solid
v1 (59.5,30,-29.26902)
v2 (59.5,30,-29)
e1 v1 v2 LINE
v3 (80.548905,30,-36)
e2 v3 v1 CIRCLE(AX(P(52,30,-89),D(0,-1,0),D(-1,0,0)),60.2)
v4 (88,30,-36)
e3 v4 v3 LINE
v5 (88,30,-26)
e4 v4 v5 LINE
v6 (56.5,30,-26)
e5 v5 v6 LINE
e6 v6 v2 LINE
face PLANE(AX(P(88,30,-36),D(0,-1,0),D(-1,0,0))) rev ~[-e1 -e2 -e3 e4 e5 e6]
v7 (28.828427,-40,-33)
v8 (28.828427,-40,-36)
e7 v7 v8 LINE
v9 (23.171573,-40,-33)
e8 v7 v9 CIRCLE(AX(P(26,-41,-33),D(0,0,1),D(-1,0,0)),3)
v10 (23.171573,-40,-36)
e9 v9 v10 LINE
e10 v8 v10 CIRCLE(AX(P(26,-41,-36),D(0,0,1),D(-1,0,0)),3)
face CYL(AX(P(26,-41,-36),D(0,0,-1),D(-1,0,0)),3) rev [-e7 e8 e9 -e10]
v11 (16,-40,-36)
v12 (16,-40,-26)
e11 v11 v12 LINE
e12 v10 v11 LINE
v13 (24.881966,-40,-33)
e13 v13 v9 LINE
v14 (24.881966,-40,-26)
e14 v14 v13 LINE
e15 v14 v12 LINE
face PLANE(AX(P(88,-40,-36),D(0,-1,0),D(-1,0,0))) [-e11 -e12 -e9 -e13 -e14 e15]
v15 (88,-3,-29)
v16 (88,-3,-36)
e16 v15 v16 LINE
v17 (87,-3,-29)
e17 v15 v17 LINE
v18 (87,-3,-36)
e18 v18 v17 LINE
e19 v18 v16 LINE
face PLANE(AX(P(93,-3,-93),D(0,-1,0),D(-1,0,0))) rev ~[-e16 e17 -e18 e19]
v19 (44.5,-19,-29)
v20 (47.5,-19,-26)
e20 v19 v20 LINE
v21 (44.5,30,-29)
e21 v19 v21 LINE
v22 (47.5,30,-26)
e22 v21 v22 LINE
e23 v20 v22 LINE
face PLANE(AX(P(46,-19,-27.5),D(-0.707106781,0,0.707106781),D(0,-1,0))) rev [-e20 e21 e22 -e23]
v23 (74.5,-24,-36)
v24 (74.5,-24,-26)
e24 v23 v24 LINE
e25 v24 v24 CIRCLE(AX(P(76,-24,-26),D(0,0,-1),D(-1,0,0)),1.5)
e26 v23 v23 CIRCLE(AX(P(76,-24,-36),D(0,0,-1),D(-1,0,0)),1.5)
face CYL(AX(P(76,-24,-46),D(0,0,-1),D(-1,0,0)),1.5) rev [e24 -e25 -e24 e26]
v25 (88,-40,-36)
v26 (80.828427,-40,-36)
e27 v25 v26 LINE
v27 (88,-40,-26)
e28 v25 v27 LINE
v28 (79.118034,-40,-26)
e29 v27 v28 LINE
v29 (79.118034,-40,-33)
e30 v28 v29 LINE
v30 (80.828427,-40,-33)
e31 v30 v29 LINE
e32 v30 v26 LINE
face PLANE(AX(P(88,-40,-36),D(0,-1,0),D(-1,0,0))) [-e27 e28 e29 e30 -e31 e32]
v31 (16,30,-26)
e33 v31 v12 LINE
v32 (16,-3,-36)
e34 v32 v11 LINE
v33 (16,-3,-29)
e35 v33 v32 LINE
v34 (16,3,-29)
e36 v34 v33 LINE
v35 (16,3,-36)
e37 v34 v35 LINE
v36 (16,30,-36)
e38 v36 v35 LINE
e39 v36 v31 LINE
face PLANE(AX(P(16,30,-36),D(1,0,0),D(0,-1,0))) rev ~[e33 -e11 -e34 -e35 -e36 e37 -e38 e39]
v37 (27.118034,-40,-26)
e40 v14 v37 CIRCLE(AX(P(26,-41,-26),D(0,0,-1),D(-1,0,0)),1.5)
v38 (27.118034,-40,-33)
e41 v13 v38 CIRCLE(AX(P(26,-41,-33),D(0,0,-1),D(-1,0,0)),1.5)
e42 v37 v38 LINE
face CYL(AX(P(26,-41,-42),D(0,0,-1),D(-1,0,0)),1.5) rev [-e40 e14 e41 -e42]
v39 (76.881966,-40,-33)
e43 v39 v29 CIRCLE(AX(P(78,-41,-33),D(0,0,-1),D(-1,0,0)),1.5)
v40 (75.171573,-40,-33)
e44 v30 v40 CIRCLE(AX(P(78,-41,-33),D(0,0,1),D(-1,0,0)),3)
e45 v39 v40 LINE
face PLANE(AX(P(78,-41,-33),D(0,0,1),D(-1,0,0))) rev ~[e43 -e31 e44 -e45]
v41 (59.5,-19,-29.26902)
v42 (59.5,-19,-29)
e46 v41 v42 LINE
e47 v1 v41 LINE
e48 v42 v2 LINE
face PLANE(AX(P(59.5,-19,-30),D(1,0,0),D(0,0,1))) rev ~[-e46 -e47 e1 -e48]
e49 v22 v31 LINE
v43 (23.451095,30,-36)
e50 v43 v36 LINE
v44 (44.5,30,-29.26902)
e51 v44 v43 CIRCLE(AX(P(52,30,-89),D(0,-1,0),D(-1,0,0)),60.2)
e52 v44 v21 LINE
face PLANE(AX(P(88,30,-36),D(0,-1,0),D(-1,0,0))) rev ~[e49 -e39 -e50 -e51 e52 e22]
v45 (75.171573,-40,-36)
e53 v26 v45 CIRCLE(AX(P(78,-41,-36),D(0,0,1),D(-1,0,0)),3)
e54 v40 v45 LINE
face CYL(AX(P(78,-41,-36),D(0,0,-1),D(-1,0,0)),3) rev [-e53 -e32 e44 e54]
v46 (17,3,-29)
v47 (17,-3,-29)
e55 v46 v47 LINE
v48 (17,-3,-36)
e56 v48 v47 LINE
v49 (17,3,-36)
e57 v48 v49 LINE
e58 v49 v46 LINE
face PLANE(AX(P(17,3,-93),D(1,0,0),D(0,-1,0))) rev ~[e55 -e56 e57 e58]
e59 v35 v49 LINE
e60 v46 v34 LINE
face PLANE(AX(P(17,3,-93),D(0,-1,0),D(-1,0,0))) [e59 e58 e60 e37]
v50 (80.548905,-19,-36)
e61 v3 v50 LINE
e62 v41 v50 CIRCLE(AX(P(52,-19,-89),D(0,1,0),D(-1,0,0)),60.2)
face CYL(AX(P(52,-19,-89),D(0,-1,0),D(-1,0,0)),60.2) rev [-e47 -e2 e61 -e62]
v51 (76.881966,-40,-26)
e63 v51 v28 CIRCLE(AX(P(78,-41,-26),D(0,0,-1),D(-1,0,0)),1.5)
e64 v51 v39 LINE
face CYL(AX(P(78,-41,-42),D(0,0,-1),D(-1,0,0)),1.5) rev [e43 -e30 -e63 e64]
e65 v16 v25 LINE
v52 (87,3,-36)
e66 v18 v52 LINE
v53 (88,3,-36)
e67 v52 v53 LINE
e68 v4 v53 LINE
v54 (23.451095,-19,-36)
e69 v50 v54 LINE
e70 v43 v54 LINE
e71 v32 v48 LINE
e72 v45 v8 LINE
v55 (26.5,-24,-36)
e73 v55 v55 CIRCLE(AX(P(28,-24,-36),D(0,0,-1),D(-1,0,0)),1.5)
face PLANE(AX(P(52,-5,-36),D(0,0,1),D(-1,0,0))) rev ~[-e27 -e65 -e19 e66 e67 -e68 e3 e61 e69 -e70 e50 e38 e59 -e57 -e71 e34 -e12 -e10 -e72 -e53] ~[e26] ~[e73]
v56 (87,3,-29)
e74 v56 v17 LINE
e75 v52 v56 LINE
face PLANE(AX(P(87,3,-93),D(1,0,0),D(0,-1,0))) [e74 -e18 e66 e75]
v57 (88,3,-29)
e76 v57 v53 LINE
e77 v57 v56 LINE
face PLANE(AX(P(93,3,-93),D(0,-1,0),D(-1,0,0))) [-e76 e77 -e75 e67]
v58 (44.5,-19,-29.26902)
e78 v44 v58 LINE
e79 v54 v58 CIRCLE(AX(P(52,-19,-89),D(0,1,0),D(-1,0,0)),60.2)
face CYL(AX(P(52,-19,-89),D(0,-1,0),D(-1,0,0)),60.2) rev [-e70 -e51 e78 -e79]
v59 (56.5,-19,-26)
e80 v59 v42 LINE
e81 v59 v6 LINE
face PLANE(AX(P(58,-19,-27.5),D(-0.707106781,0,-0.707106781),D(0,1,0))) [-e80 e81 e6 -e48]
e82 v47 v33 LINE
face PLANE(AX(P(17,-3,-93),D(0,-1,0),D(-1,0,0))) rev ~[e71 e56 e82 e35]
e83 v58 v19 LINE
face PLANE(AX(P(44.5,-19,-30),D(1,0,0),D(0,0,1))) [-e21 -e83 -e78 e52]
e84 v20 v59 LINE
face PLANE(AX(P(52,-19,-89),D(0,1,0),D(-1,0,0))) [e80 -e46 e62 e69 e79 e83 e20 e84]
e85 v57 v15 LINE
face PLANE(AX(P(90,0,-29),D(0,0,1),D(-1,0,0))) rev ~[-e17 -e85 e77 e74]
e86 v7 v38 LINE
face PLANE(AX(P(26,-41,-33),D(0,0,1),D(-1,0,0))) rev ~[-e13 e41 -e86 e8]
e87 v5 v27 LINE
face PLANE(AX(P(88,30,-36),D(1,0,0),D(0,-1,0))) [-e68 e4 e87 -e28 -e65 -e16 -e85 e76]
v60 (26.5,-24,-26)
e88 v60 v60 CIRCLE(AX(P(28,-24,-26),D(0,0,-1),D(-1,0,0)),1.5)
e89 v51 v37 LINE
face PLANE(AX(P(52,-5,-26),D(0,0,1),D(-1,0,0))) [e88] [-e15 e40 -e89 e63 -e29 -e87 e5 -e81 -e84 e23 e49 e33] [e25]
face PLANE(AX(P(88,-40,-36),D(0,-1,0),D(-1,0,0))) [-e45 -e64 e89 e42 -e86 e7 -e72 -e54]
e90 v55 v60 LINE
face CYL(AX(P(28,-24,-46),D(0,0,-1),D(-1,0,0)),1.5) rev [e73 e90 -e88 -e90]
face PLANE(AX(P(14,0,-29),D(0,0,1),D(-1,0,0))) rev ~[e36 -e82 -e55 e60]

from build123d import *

# Parameters (mm, degrees)
BOX587_W                    = 4
BOX587_H                    = 15
BOX587_DEPTH                = 49
CHAMFER054_SIZE             = 3
CHAMFER054_PLACEMENT_ANGLE  = 90
CHAMFER053_SIZE             = 3
CHAMFER053_PLACEMENT_ANGLE  = 135
CHAMFER052_SIZE             = 3
CHAMFER052_PLACEMENT_ANGLE  = 180
CHAMFER051_SIZE             = 3
CHAMFER051_PLACEMENT_ANGLE  = 225
CHAMFER050_SIZE             = 3
CHAMFER050_PLACEMENT_ANGLE  = 90
CHAMFER049_SIZE             = 3
CHAMFER049_PLACEMENT_ANGLE  = 45
CHAMFER056_SIZE             = 3
CHAMFER055_SIZE             = 3
CHAMFER055_PLACEMENT_ANGLE  = 45
COMPOUND992_PLACEMENT_ANGLE = 90
BOX596_W                    = 6
BOX596_H                    = 6
BOX596_DEPTH                = 64
BOX597_W                    = 6
BOX597_H                    = 6
BOX597_DEPTH                = 64
CYLINDER2411_R              = 60.2
CYLINDER2411_DEPTH          = 58
CYLINDER2395_R              = 1.5
CYLINDER2395_DEPTH          = 32
CYLINDER2380_R              = 1.5
CYLINDER2380_DEPTH          = 32
CYLINDER2370_R              = 1.5
CYLINDER2370_DEPTH          = 100
CYLINDER2383_R              = 1.5
CYLINDER2383_DEPTH          = 100
CYLINDER2384_R              = 3
CYLINDER2384_DEPTH          = 3
CYLINDER2387_R              = 3
CYLINDER2387_DEPTH          = 3
CYLINDER2377_R              = 1.5
CYLINDER2377_DEPTH          = 50
CYLINDER2369_R              = 1.5
CYLINDER2369_DEPTH          = 50
CYLINDER2358_R              = 1.5
CYLINDER2358_DEPTH          = 50
CYLINDER2366_R              = 1.5
CYLINDER2366_DEPTH          = 50
CYLINDER2355_R              = 1.5
CYLINDER2355_DEPTH          = 100
CYLINDER2376_R              = 1.5
CYLINDER2376_DEPTH          = 100
CYLINDER2372_R              = 1.5
CYLINDER2372_DEPTH          = 100
CYLINDER2381_R              = 1.5
CYLINDER2381_DEPTH          = 100
BOX591_W                    = 72
BOX591_H                    = 70
BOX591_DEPTH                = 10
CUT583_PLACEMENT_ANGLE      = 180


with BuildPart() as krychle587:
    # Box587 → Box587 (new body)
    with BuildSketch(Plane(origin=(59, -7.5, 20), x_dir=(1, 0, 0), z_dir=(0, 0, 1))):
        with Locations((2, 7.5)):
            Rectangle(BOX587_W, BOX587_H)
    extrude(amount=BOX587_DEPTH)


with BuildPart() as chamfer054:
    # Chamfer054 base: copy of Krychle587
    add(krychle587.part)

    # Chamfer054
    chamfer054_edges = [chamfer054.edges().sort_by_distance(p)[0] for p in [
        (63, -7.5, 44.5),
        (63, 7.5, 44.5),
    ]]
    chamfer(chamfer054_edges, length=CHAMFER054_SIZE)


with BuildPart() as chamfer054_1:
    # Chamfer054 placement: moved
    add(chamfer054.part.rotate(Axis((0, 0, 0), (0, 0, 1)), CHAMFER054_PLACEMENT_ANGLE))


with BuildPart() as chamfer053:
    # Chamfer053 base: copy of Krychle587
    add(krychle587.part)

    # Chamfer053
    chamfer053_edges = [chamfer053.edges().sort_by_distance(p)[0] for p in [
        (63, -7.5, 44.5),
        (63, 7.5, 44.5),
    ]]
    chamfer(chamfer053_edges, length=CHAMFER053_SIZE)


with BuildPart() as chamfer053_1:
    # Chamfer053 placement: moved
    add(chamfer053.part.rotate(Axis((0, 0, 0), (0, 0, 1)), CHAMFER053_PLACEMENT_ANGLE))


with BuildPart() as chamfer052:
    # Chamfer052 base: copy of Krychle587
    add(krychle587.part)

    # Chamfer052
    chamfer052_edges = [chamfer052.edges().sort_by_distance(p)[0] for p in [
        (63, -7.5, 44.5),
        (63, 7.5, 44.5),
    ]]
    chamfer(chamfer052_edges, length=CHAMFER052_SIZE)


with BuildPart() as chamfer052_1:
    # Chamfer052 placement: moved
    add(chamfer052.part.rotate(Axis((0, 0, 0), (0, 0, 1)), CHAMFER052_PLACEMENT_ANGLE))


with BuildPart() as chamfer051:
    # Chamfer051 base: copy of Krychle587
    add(krychle587.part)

    # Chamfer051
    chamfer051_edges = [chamfer051.edges().sort_by_distance(p)[0] for p in [
        (63, -7.5, 44.5),
        (63, 7.5, 44.5),
    ]]
    chamfer(chamfer051_edges, length=CHAMFER051_SIZE)


with BuildPart() as chamfer051_1:
    # Chamfer051 placement: moved
    add(chamfer051.part.rotate(Axis((0, 0, 0), (0, 0, 1)), CHAMFER051_PLACEMENT_ANGLE))


with BuildPart() as chamfer050:
    # Chamfer050 base: copy of Krychle587
    add(krychle587.part)

    # Chamfer050
    chamfer050_edges = [chamfer050.edges().sort_by_distance(p)[0] for p in [
        (63, -7.5, 44.5),
        (63, 7.5, 44.5),
    ]]
    chamfer(chamfer050_edges, length=CHAMFER050_SIZE)


with BuildPart() as chamfer050_1:
    # Chamfer050 placement: moved
    add(chamfer050.part.rotate(Axis((0, 0, 0), (0, 0, -1)), CHAMFER050_PLACEMENT_ANGLE))


with BuildPart() as chamfer049:
    # Chamfer049 base: copy of Krychle587
    add(krychle587.part)

    # Chamfer049
    chamfer049_edges = [chamfer049.edges().sort_by_distance(p)[0] for p in [
        (63, -7.5, 44.5),
        (63, 7.5, 44.5),
    ]]
    chamfer(chamfer049_edges, length=CHAMFER049_SIZE)


with BuildPart() as chamfer049_1:
    # Chamfer049 placement: moved
    add(chamfer049.part.rotate(Axis((0, 0, 0), (0, 0, -1)), CHAMFER049_PLACEMENT_ANGLE))


with BuildPart() as chamfer056:
    # Chamfer056 base: copy of Krychle587
    add(krychle587.part)

    # Chamfer056
    chamfer056_edges = [chamfer056.edges().sort_by_distance(p)[0] for p in [
        (63, -7.5, 44.5),
        (63, 7.5, 44.5),
    ]]
    chamfer(chamfer056_edges, length=CHAMFER056_SIZE)


with BuildPart() as compound992:
    # Chamfer055 base: copy of Krychle587
    add(krychle587.part)

    # Chamfer055
    chamfer055_edges = [compound992.edges().sort_by_distance(p)[0] for p in [
        (63, -7.5, 44.5),
        (63, 7.5, 44.5),
    ]]
    chamfer(chamfer055_edges, length=CHAMFER055_SIZE)


with BuildPart() as compound992_1:
    # Chamfer055 placement: moved
    add(compound992.part.rotate(Axis((0, 0, 0), (0, 0, 1)), CHAMFER055_PLACEMENT_ANGLE))

    # Compound992: union Chamfer054, Chamfer053, Chamfer052, Chamfer051, Chamfer050, Chamfer049, Chamfer056
    add(chamfer054_1.part)
    add(chamfer053_1.part)
    add(chamfer052_1.part)
    add(chamfer051_1.part)
    add(chamfer050_1.part)
    add(chamfer049_1.part)
    add(chamfer056.part)


with BuildPart() as compound992_2:
    # Compound992 placement: moved
    add(compound992_1.part.moved(Location((52, -39, -89))).rotate(Axis((52, -39, -89), (-1, 0, 0)), COMPOUND992_PLACEMENT_ANGLE))


with BuildPart() as krychle596:
    # Box596 → Box596 (new body)
    with BuildSketch(Plane(origin=(87, -3, -93), x_dir=(1, 0, 0), z_dir=(0, 0, 1))):
        with Locations((3, 3)):
            Rectangle(BOX596_W, BOX596_H)
    extrude(amount=BOX596_DEPTH)


with BuildPart() as compound1007:
    # Box597 → Box597 (new body)
    with BuildSketch(Plane(origin=(11, -3, -93), x_dir=(1, 0, 0), z_dir=(0, 0, 1))):
        with Locations((3, 3)):
            Rectangle(BOX597_W, BOX597_H)
    extrude(amount=BOX597_DEPTH)

    # Compound1007: union Krychle596
    add(krychle596.part)


with BuildPart() as compound1007_1:
    # Compound1007 placement: moved
    add(compound1007.part.moved(Location((-52, 0, 36))))


with BuildPart() as v_lec2411:
    # Cylinder2411 → Cylinder2411 (new body)
    with BuildSketch(Plane(origin=(0, 19, -53), x_dir=(1, 0, 0), z_dir=(0, -1, 0))):
        Circle(CYLINDER2411_R)
    extrude(amount=CYLINDER2411_DEPTH)


with BuildPart() as v_lec2395:
    # Cylinder2395 → Cylinder2395 (new body)
    with BuildSketch(Plane(origin=(78, 41, -42), x_dir=(1, 0, 0), z_dir=(0, 0, 1))):
        Circle(CYLINDER2395_R)
    extrude(amount=CYLINDER2395_DEPTH)


with BuildPart() as compound1001:
    # Cylinder2380 → Cylinder2380 (new body)
    with BuildSketch(Plane(origin=(26, 41, -42), x_dir=(1, 0, 0), z_dir=(0, 0, 1))):
        Circle(CYLINDER2380_R)
    extrude(amount=CYLINDER2380_DEPTH)

    # Compound1001: union Válec2395
    add(v_lec2395.part)


with BuildPart() as compound1001_1:
    # Compound1001 placement: moved
    add(compound1001.part.moved(Location((-52, 0, 36))))


with BuildPart() as v_lec2370:
    # Cylinder2370 → Cylinder2370 (new body)
    with BuildSketch(Plane(origin=(14, 0, -60), x_dir=(1, 0, 0), z_dir=(0, 0, 1))):
        Circle(CYLINDER2370_R)
    extrude(amount=CYLINDER2370_DEPTH)


with BuildPart() as compound1011:
    # Cylinder2383 → Cylinder2383 (new body)
    with BuildSketch(Plane(origin=(90, 0, -60), x_dir=(1, 0, 0), z_dir=(0, 0, 1))):
        Circle(CYLINDER2383_R)
    extrude(amount=CYLINDER2383_DEPTH)

    # Compound1003: union Válec2370
    add(v_lec2370.part)


with BuildPart() as compound1011_1:
    # Compound1003 placement: moved
    add(compound1011.part.moved(Location((-52, 0, 0))))

    # Compound1011: union Compound1001
    add(compound1001_1.part)


with BuildPart() as v_lec2384:
    # Cylinder2384 → Cylinder2384 (new body)
    with BuildSketch(Plane(origin=(78, 41, -42), x_dir=(1, 0, 0), z_dir=(0, 0, 1))):
        Circle(CYLINDER2384_R)
    extrude(amount=CYLINDER2384_DEPTH)


with BuildPart() as compound1020:
    # Cylinder2387 → Cylinder2387 (new body)
    with BuildSketch(Plane(origin=(26, 41, -42), x_dir=(1, 0, 0), z_dir=(0, 0, 1))):
        Circle(CYLINDER2387_R)
    extrude(amount=CYLINDER2387_DEPTH)

    # Compound1020: union Válec2384
    add(v_lec2384.part)


with BuildPart() as compound1020_1:
    # Compound1020 placement: moved
    add(compound1020.part.moved(Location((-52, 0, 42))))


with BuildPart() as v_lec2377:
    # Cylinder2377 → Cylinder2377 (new body)
    with BuildSketch(Plane(origin=(-51, 6, 0), x_dir=(1, 0, 0), z_dir=(0, 0, 1))):
        Circle(CYLINDER2377_R)
    extrude(amount=CYLINDER2377_DEPTH)


with BuildPart() as v_lec2369:
    # Cylinder2369 → Cylinder2369 (new body)
    with BuildSketch(Plane(origin=(-24, 18, 0), x_dir=(1, 0, 0), z_dir=(0, 0, 1))):
        Circle(CYLINDER2369_R)
    extrude(amount=CYLINDER2369_DEPTH)


with BuildPart() as v_lec2358:
    # Cylinder2358 → Cylinder2358 (new body)
    with BuildSketch(Plane(origin=(24, 18, 0), x_dir=(1, 0, 0), z_dir=(0, 0, 1))):
        Circle(CYLINDER2358_R)
    extrude(amount=CYLINDER2358_DEPTH)


with BuildPart() as compound998:
    # Cylinder2366 → Cylinder2366 (new body)
    with BuildSketch(Plane(origin=(51, 6, 0), x_dir=(1, 0, 0), z_dir=(0, 0, 1))):
        Circle(CYLINDER2366_R)
    extrude(amount=CYLINDER2366_DEPTH)

    # Compound998: union Válec2377, Válec2369, Válec2358
    add(v_lec2377.part)
    add(v_lec2369.part)
    add(v_lec2358.part)


with BuildPart() as compound998_1:
    # Compound998 placement: moved
    add(compound998.part.moved(Location((0, 6, 0))))


with BuildPart() as v_lec2355:
    # Cylinder2355 → Cylinder2355 (new body)
    with BuildSketch(Plane(origin=(51, -12, 0), x_dir=(1, 0, 0), z_dir=(0, 0, 1))):
        Circle(CYLINDER2355_R)
    extrude(amount=CYLINDER2355_DEPTH)


with BuildPart() as compound1019:
    # Cylinder2376 → Cylinder2376 (new body)
    with BuildSketch(Plane(origin=(-51, -12, 0), x_dir=(1, 0, 0), z_dir=(0, 0, 1))):
        Circle(CYLINDER2376_R)
    extrude(amount=CYLINDER2376_DEPTH)

    # Compound1019: union Válec2355
    add(v_lec2355.part)


with BuildPart() as v_lec2372:
    # Cylinder2372 → Cylinder2372 (new body)
    with BuildSketch(Plane(origin=(39, -21, 0), x_dir=(1, 0, 0), z_dir=(0, 0, 1))):
        Circle(CYLINDER2372_R)
    extrude(amount=CYLINDER2372_DEPTH)


with BuildPart() as compound995:
    # Cylinder2381 → Cylinder2381 (new body)
    with BuildSketch(Plane(origin=(-39, -21, 0), x_dir=(1, 0, 0), z_dir=(0, 0, 1))):
        Circle(CYLINDER2381_R)
    extrude(amount=CYLINDER2381_DEPTH)

    # Compound1000: union Válec2372
    add(v_lec2372.part)


with BuildPart() as compound995_1:
    # Compound1000 placement: moved
    add(compound995.part.moved(Location((0, -6, 0))))

    # Compound995: union Compound998, Compound1019
    add(compound998_1.part)
    add(compound1019.part)


with BuildPart() as compound995_2:
    # Compound995 placement: moved
    add(compound995_1.part.moved(Location((0, 0, -10))))


with BuildPart() as cut594:
    # Box591 → Box591 (new body)
    with BuildSketch(Plane(origin=(-36, -30, 0), x_dir=(1, 0, 0), z_dir=(0, 0, 1))):
        with Locations((36, 35)):
            Rectangle(BOX591_W, BOX591_H)
    extrude(amount=BOX591_DEPTH)

    # Cut582: cut Compound995
    add(compound995_2.part, mode=Mode.SUBTRACT)

    # Cut576: cut Compound1020
    add(compound1020_1.part, mode=Mode.SUBTRACT)

    # Cut573: cut Compound1011
    add(compound1011_1.part, mode=Mode.SUBTRACT)

    # Cut579: cut Válec2411
    add(v_lec2411.part, mode=Mode.SUBTRACT)

    # Cut583: cut Compound1007
    add(compound1007_1.part, mode=Mode.SUBTRACT)


with BuildPart() as cut594_1:
    # Cut583 placement: moved
    add(cut594.part.moved(Location((52, 0, -36))).rotate(Axis((52, 0, -36), (0, 0, 1)), CUT583_PLACEMENT_ANGLE))

    # Cut594: cut Compound992
    add(compound992_2.part, mode=Mode.SUBTRACT)


solid = cut594_1.part
